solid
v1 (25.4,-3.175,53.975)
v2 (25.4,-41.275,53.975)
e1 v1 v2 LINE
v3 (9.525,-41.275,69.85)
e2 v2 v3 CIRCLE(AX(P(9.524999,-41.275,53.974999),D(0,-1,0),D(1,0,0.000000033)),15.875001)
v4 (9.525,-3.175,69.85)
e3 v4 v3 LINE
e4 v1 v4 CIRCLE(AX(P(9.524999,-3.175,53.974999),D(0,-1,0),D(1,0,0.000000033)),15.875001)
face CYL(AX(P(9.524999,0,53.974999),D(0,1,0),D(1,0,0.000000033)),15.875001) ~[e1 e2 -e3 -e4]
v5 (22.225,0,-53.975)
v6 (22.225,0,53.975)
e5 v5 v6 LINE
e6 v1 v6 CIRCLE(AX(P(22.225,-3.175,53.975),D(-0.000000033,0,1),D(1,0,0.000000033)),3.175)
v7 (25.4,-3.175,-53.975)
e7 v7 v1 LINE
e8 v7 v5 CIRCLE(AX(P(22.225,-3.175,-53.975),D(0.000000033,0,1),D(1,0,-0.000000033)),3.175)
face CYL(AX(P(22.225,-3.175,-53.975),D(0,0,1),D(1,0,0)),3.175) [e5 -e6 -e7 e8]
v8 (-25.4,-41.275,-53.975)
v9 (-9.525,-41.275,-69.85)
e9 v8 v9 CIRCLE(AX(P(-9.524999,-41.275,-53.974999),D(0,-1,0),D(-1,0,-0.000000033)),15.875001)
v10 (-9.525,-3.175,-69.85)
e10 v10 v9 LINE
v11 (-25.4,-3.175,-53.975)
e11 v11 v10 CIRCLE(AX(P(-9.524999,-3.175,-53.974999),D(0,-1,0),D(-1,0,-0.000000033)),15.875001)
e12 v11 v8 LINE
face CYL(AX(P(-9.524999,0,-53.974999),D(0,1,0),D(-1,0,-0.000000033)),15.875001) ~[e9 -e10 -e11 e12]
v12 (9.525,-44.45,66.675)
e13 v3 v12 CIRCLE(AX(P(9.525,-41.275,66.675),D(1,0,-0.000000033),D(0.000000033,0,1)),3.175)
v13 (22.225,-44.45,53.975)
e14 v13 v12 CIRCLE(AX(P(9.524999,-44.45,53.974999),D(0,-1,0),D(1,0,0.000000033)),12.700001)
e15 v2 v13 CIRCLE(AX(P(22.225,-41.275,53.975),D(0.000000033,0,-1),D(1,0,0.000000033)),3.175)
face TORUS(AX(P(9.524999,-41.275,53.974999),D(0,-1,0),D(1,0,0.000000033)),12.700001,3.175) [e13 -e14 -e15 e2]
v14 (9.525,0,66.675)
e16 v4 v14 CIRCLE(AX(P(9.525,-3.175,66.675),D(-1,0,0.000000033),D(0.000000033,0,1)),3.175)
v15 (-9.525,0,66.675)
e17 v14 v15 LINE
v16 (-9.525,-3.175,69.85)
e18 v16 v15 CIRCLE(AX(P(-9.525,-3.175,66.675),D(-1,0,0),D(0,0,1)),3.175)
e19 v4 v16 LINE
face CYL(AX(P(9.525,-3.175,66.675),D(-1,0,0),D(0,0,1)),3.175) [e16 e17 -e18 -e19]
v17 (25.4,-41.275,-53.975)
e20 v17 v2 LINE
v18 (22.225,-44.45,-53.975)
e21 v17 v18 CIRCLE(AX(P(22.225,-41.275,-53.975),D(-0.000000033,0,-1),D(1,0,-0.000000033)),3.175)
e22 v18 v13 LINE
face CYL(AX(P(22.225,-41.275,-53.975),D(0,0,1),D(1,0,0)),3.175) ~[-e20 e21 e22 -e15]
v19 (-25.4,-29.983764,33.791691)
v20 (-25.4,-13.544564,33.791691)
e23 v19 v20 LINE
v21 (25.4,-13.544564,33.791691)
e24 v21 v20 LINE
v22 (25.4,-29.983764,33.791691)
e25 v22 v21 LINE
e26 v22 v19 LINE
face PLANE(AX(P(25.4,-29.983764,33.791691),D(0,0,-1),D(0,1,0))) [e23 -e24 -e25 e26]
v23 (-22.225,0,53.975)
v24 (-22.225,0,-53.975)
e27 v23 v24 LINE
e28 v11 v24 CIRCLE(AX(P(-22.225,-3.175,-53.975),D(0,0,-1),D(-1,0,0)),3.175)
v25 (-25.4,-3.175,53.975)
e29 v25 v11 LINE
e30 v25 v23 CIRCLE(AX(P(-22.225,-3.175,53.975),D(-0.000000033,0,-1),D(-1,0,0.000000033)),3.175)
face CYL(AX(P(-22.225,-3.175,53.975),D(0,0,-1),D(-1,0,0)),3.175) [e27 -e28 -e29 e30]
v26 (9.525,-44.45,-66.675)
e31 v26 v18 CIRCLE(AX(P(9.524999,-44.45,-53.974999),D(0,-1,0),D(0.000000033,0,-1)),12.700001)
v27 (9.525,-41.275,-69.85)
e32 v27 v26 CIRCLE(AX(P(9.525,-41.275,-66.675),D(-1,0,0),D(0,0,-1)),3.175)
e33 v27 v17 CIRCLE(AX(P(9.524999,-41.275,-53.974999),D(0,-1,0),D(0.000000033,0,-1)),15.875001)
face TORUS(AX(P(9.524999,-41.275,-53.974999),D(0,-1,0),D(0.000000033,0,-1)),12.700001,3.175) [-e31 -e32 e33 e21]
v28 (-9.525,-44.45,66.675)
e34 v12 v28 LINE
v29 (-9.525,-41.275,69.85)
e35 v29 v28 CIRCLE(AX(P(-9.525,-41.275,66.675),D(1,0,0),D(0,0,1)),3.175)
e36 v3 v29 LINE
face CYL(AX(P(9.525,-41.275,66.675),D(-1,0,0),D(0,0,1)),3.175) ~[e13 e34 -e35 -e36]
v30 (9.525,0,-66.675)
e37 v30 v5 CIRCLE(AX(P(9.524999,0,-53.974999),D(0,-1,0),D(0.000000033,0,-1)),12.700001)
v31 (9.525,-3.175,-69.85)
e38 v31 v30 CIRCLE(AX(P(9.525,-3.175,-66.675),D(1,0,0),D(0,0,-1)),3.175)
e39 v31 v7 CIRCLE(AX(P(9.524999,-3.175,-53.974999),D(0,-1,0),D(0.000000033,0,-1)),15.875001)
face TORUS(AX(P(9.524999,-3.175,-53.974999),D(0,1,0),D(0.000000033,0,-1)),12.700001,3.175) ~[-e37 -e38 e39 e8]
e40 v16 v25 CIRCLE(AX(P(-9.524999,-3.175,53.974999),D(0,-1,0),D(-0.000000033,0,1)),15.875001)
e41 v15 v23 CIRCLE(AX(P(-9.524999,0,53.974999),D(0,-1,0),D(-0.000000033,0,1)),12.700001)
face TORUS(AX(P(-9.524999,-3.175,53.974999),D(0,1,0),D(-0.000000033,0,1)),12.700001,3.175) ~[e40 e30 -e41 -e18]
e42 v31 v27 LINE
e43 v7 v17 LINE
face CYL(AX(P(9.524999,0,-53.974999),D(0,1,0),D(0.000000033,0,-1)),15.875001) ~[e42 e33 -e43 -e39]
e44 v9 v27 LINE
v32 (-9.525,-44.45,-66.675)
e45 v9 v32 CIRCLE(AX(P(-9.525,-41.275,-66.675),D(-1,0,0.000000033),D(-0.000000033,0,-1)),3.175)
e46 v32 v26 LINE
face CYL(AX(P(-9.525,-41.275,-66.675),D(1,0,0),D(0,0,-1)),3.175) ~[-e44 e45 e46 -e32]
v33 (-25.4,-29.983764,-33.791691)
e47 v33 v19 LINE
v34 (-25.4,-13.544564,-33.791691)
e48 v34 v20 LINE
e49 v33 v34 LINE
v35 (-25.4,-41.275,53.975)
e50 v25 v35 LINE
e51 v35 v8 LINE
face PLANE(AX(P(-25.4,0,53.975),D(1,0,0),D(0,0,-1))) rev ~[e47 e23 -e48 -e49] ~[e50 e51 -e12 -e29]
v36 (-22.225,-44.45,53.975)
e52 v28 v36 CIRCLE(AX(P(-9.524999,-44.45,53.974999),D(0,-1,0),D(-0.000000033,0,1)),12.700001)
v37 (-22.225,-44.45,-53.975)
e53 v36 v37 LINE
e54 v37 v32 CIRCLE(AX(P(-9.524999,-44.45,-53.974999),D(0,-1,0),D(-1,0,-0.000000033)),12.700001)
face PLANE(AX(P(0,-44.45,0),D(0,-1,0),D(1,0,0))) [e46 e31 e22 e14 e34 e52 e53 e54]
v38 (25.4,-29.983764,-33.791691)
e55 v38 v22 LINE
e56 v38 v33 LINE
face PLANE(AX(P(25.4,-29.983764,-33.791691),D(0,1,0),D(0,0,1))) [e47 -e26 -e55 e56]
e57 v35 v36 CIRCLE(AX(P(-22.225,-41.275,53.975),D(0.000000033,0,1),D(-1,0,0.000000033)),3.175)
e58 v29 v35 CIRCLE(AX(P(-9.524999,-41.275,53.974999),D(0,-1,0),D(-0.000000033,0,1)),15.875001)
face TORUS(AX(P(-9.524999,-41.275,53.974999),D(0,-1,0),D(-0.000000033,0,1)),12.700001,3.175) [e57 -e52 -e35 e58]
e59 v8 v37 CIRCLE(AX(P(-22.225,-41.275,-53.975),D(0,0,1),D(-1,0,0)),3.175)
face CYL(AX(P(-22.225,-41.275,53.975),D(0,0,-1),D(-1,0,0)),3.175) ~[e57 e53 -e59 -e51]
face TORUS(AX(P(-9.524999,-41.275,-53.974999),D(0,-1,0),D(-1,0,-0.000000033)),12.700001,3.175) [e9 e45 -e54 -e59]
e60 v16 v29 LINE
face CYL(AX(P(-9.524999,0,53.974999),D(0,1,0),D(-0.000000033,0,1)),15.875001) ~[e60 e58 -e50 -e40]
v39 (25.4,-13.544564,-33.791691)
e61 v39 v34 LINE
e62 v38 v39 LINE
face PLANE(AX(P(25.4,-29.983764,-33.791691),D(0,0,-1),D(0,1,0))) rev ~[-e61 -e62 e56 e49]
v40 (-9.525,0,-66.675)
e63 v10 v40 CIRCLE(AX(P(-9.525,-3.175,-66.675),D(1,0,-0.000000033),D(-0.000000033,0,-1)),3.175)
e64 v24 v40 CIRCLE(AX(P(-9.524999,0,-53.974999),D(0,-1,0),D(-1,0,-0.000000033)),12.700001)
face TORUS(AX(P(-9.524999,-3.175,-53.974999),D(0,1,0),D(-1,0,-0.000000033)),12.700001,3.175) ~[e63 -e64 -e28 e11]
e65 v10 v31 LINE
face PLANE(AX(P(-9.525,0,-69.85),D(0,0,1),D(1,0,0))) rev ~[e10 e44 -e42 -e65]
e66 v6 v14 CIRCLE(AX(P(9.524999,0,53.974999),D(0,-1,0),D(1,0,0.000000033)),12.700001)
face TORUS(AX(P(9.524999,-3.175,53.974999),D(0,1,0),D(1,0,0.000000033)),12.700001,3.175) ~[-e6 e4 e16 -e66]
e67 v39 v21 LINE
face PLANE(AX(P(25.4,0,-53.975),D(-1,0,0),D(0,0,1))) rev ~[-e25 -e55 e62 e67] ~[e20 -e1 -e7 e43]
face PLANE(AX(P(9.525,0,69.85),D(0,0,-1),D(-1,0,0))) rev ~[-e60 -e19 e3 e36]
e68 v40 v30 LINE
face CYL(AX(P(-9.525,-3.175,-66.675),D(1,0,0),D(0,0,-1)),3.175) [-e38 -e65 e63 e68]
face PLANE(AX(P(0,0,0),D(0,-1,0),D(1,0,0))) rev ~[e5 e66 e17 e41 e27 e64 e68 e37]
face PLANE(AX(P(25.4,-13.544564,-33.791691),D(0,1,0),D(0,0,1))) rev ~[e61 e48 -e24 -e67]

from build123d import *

# Parameters (mm, degrees)
F1_DEPTH = 44.45
F2_R     = 3.175
F3_W     = 16.439201
F3_H     = 67.583382
F4_DEPTH = 50.801


with BuildPart() as f1:
    # F0 (on Front) → F1 (new body)
    with BuildSketch(Plane.XZ):
        with BuildLine():
            ThreePointArc((25.4, 53.975), (20.75032, 65.20032), (9.525, 69.85))
            Line((9.525, 69.85), (-9.525, 69.85))
            ThreePointArc((-9.525, 69.85), (-20.75032, 65.20032), (-25.4, 53.975))
            Line((-25.4, 53.975), (-25.4, -53.975))
            ThreePointArc((-25.4, -53.975), (-20.75032, -65.20032), (-9.525, -69.85))
            Line((-9.525, -69.85), (9.525, -69.85))
            ThreePointArc((9.525, -69.85), (20.75032, -65.20032), (25.4, -53.975))
            Line((25.4, -53.975), (25.4, 53.975))
        make_face()
    extrude(amount=F1_DEPTH)

    # F2
    f2_edges = [f1.edges().sort_by_distance(p)[0] for p in [
        (20.75032, -44.45, 65.20032),
        (20.75032, 0, 65.20032),
    ]]
    fillet(f2_edges, radius=F2_R)

    # F3 (on face) → F4 (cut, through all)
    with BuildSketch(Plane.YZ.offset(25.4)):
        with Locations((-21.764164, 0)):
            Rectangle(F3_W, F3_H)
    extrude(amount=-F4_DEPTH, mode=Mode.SUBTRACT)


solid = f1.part
